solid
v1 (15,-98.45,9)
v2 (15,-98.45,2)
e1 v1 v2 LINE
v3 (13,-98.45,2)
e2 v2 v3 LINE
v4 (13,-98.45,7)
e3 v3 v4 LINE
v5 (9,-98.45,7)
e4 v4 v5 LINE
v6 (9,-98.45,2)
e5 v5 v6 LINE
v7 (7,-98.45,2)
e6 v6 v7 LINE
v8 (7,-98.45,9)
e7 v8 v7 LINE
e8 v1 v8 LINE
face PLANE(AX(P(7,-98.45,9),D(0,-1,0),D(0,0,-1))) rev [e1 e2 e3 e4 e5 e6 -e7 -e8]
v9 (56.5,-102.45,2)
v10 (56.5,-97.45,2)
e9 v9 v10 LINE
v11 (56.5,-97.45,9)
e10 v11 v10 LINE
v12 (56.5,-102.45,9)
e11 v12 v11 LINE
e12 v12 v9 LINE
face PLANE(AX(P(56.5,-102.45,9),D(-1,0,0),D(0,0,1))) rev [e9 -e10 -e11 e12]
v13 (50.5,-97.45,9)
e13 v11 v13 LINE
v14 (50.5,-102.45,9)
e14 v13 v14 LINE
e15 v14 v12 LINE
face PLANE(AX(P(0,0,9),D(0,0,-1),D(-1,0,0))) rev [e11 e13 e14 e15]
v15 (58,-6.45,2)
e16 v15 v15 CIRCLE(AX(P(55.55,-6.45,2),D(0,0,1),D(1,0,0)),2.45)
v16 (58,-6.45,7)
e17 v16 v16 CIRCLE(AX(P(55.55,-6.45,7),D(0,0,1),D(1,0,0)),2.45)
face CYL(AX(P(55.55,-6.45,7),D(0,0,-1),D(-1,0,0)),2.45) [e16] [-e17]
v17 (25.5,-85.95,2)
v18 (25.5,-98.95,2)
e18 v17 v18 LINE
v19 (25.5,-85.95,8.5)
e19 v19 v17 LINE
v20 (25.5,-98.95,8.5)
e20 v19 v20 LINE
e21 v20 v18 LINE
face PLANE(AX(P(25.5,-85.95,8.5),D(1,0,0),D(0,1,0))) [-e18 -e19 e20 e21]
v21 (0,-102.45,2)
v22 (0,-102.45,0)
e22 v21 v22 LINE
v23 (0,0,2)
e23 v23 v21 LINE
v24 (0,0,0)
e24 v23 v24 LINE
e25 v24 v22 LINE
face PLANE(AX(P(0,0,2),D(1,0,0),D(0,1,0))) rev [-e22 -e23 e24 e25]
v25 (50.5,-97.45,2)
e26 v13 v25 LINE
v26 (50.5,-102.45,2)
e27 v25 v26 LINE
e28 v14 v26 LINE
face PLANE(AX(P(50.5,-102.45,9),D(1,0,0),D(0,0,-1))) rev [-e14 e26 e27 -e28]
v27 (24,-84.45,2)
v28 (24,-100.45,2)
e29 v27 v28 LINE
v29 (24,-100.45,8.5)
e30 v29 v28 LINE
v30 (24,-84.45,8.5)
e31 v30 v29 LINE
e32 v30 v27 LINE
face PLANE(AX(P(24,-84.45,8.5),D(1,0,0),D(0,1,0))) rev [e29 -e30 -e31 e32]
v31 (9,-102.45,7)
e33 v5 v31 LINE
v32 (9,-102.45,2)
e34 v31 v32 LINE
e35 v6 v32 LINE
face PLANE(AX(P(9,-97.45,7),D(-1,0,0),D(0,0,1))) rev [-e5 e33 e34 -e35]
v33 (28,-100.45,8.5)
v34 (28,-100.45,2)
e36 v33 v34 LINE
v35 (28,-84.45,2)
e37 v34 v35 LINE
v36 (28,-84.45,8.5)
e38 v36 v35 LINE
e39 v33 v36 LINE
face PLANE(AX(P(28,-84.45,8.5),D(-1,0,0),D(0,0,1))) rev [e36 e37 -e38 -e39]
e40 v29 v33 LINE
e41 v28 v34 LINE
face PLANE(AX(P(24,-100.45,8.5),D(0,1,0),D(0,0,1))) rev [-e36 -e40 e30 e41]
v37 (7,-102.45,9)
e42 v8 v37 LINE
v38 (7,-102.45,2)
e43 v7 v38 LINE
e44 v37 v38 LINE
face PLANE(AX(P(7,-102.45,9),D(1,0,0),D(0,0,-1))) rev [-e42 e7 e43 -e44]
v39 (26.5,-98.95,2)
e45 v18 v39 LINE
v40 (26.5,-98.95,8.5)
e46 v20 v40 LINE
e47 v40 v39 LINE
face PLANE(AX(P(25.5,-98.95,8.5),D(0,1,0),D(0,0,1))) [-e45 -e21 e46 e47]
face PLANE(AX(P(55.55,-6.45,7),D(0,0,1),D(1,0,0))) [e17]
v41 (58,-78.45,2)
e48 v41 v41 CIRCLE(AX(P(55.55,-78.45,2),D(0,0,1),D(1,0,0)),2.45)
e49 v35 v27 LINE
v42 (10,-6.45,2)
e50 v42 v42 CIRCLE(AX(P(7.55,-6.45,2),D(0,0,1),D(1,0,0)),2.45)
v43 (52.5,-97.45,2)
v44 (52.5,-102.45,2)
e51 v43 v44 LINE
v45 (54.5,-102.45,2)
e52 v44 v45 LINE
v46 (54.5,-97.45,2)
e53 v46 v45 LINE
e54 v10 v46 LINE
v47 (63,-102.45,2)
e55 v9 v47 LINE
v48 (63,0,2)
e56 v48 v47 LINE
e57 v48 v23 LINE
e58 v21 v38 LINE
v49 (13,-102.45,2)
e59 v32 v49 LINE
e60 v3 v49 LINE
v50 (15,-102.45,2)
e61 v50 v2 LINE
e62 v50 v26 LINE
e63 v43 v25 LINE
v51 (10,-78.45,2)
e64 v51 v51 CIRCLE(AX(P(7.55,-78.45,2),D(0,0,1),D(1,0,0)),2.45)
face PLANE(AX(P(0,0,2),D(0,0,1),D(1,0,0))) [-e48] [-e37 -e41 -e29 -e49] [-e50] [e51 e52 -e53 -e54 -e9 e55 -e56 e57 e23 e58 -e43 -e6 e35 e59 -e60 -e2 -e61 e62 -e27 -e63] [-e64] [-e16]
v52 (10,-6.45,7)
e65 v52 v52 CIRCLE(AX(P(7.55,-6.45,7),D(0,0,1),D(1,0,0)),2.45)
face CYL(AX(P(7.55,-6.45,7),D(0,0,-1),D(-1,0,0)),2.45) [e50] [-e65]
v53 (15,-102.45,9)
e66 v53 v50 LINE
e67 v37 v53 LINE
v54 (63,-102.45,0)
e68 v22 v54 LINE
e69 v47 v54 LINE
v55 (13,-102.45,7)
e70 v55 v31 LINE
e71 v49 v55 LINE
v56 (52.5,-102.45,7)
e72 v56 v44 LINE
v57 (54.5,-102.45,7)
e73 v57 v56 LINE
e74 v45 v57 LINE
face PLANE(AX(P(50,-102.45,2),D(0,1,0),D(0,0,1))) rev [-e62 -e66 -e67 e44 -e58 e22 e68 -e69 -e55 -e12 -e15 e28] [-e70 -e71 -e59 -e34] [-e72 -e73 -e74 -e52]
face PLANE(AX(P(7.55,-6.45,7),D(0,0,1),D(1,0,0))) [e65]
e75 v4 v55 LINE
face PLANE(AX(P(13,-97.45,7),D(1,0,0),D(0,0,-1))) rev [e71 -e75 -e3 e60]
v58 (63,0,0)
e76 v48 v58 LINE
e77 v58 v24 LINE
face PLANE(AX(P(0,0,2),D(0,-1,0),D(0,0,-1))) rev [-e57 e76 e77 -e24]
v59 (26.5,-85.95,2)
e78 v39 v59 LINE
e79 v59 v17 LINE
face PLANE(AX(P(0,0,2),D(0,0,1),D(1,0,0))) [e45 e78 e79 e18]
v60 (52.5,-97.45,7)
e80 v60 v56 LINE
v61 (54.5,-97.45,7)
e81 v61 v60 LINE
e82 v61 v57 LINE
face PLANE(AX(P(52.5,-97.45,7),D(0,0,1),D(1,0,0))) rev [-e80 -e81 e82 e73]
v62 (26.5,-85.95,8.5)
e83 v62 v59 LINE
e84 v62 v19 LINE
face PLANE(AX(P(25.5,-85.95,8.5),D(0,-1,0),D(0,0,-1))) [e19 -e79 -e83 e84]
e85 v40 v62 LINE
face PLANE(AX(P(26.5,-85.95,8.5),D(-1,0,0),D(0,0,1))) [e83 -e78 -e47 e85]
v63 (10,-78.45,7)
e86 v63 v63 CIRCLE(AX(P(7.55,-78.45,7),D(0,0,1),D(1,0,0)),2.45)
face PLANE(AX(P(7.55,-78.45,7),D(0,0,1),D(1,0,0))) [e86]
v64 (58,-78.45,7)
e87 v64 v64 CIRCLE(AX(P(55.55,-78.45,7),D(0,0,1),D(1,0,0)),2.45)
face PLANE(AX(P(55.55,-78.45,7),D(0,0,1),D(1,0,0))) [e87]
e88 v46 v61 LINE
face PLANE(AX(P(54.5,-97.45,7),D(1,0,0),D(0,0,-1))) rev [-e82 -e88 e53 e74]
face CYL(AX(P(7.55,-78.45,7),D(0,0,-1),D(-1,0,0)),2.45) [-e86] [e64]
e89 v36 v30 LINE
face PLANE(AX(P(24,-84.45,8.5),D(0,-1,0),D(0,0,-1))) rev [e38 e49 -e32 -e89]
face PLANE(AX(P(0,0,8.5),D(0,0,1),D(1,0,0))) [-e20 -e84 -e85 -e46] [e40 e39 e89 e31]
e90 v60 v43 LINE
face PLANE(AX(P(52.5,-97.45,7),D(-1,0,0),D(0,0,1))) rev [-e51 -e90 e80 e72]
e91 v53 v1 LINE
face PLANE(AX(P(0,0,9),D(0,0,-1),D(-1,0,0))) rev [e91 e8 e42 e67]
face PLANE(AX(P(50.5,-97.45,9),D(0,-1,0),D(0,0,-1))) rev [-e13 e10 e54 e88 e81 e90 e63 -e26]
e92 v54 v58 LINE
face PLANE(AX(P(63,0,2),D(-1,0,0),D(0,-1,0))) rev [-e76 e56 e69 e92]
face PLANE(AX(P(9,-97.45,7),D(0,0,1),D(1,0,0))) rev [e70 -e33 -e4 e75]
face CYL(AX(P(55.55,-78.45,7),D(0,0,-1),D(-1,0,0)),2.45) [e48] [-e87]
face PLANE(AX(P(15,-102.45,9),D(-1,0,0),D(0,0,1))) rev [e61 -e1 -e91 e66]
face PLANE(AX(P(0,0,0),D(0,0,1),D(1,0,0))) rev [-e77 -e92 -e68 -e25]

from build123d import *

# Parameters (mm, degrees)
P_IDAT_VYSUNUT_M1_DEPTH   = 2
SKICA3_R                  = 2.45
P_IDAT_VYSUNUT_M3_DEPTH   = 5
P_IDAT_VYSUNUT_M4_DEPTH   = 37.5
SKICA8_W                  = 10
SKICA8_H                  = 10
ODEBRAT_VYSUNUT_M2_DEPTH  = 136.974087605
SKICA10_W                 = 27.5
SKICA10_H                 = 79
ODEBRAT_VYSUNUT_M3_DEPTH  = 3
P_IDAT_VYSUNUT_M5_DEPTH   = 1
SKICA13_W                 = 3
SKICA13_H                 = 36.5
ODEBRAT_VYSUNUT_M6_DEPTH  = 127.590886323
SKICA14_W                 = 3
SKICA14_H                 = 36.5
ODEBRAT_VYSUNUT_M7_DEPTH  = 127.590886323
SKICA15_W                 = 36.5
SKICA15_H                 = 3
ODEBRAT_VYSUNUT_M8_DEPTH  = 136.974087605
SKICA19_W                 = 37
SKICA19_H                 = 13
ODEBRAT_VYSUNUT_M9_DEPTH  = 132.581543159
SKICA20_W                 = 63
SKICA20_H                 = 102.45
SKICA20_W_2               = 57
SKICA20_H_2               = 79
ODEBRAT_VYSUNUT_M10_DEPTH = 1
SKICA22_W                 = 8
SKICA22_H                 = 4
SKICA22_W_2               = 6
SKICA22_H_2               = 5
P_IDAT_VYSUNUT_M6_DEPTH   = 7
SKICA23_W                 = 4
SKICA23_H                 = 5
SKICA23_W_2               = 2
ODEBRAT_VYSUNUT_M12_DEPTH = 5
SKICA25_W                 = 4
SKICA25_H                 = 16
SKICA25_W_2               = 1
SKICA25_H_2               = 13
P_IDAT_VYSUNUT_M8_DEPTH   = 6.5


with BuildPart() as part:
    # Skica1 → Přidat vysunutím1 (new body)
    with BuildSketch(Plane.XY):
        Polygon((13, -102.45), (13, -115.45), (50, -115.45), (50, -102.45), (63, -102.45), (63, 0), (0, 0), (0, -102.45), align=None)
    extrude(amount=P_IDAT_VYSUNUT_M1_DEPTH)

    # Skica3 → Přidat vysunutím3 (add)
    with BuildSketch(Plane.XY.offset(2)):
        with Locations((7.55, -6.45)):
            Circle(SKICA3_R)
        with Locations((7.55, -78.45)):
            Circle(SKICA3_R)
        with Locations((55.55, -78.45)):
            Circle(SKICA3_R)
        with Locations((55.55, -6.45)):
            Circle(SKICA3_R)
    extrude(amount=P_IDAT_VYSUNUT_M3_DEPTH)

    # Skica4 → Přidat vysunutím4 (add)
    with BuildSketch(Plane.XY.offset(2)):
        Polygon((63, 0), (63, -102.45), (60, -102.45), (60, -3), (3, -3), (3, -102.45), (0, -102.45), (0, 0), align=None)
    extrude(amount=P_IDAT_VYSUNUT_M4_DEPTH)

    # Skica8 → Odebrat vysunutím2 (cut, through all)
    with BuildSketch(Plane.ZY.offset(-60)):
        with Locations((7, -49)):
            Rectangle(SKICA8_W, SKICA8_H)
    extrude(amount=-ODEBRAT_VYSUNUT_M2_DEPTH, mode=Mode.SUBTRACT)

    # Skica10 → Odebrat vysunutím3 (cut)
    with BuildSketch(Plane.ZY):
        with Locations((25.75, -42.5)):
            Rectangle(SKICA10_W, SKICA10_H)
    extrude(amount=-ODEBRAT_VYSUNUT_M3_DEPTH, mode=Mode.SUBTRACT)

    # Skica11 → Přidat vysunutím5 (add)
    with BuildSketch(Plane.XY.offset(2)):
        Polygon((3, -82), (60, -82), (60, -102.45), (50, -102.45), (50, -115.45), (13, -115.45), (13, -102.45), (3, -102.45), align=None)
    extrude(amount=P_IDAT_VYSUNUT_M5_DEPTH)

    # Skica13 → Odebrat vysunutím6 (cut, through all)
    with BuildSketch(Plane.XZ.offset(102.45)):
        with Locations((1.5, 21.25)):
            Rectangle(SKICA13_W, SKICA13_H)
    extrude(amount=-ODEBRAT_VYSUNUT_M6_DEPTH, mode=Mode.SUBTRACT)

    # Skica14 → Odebrat vysunutím7 (cut, through all)
    with BuildSketch(Plane.XZ.offset(102.45)):
        with Locations((61.5, 21.25)):
            Rectangle(SKICA14_W, SKICA14_H)
    extrude(amount=-ODEBRAT_VYSUNUT_M7_DEPTH, mode=Mode.SUBTRACT)

    # Skica15 → Odebrat vysunutím8 (cut, through all)
    with BuildSketch(Plane.ZY.offset(-3)):
        with Locations((21.25, -1.5)):
            Rectangle(SKICA15_W, SKICA15_H)
    extrude(amount=-ODEBRAT_VYSUNUT_M8_DEPTH, mode=Mode.SUBTRACT)

    # Skica19 → Odebrat vysunutím9 (cut, through all)
    with BuildSketch(Plane.XY.offset(3)):
        with Locations((31.5, -108.95)):
            Rectangle(SKICA19_W, SKICA19_H)
    extrude(amount=-ODEBRAT_VYSUNUT_M9_DEPTH, mode=Mode.SUBTRACT)

    # Skica20 → Odebrat vysunutím10 (cut)
    with BuildSketch(Plane.XY.offset(3)):
        with Locations((31.5, -51.225)):
            Rectangle(SKICA20_W, SKICA20_H)
        with Locations((31.5, -42.5)):
            Rectangle(SKICA20_W_2, SKICA20_H_2, mode=Mode.SUBTRACT)
    extrude(amount=-ODEBRAT_VYSUNUT_M10_DEPTH, mode=Mode.SUBTRACT)

    # Skica22 → Přidat vysunutím6 (add)
    with BuildSketch(Plane.XY.offset(2)):
        with Locations((11, -100.45)):
            Rectangle(SKICA22_W, SKICA22_H)
        with Locations((53.5, -99.95)):
            Rectangle(SKICA22_W_2, SKICA22_H_2)
    extrude(amount=P_IDAT_VYSUNUT_M6_DEPTH)

    # Skica23 → Odebrat vysunutím12 (cut)
    with BuildSketch(Plane.XZ.offset(102.45)):
        with Locations((11, 4.5)):
            Rectangle(SKICA23_W, SKICA23_H)
        with Locations((53.5, 4.5)):
            Rectangle(SKICA23_W_2, SKICA23_H)
    extrude(amount=-ODEBRAT_VYSUNUT_M12_DEPTH, mode=Mode.SUBTRACT)

    # Skica25 → Přidat vysunutím8 (add)
    with BuildSketch(Plane.XY.offset(2)):
        with Locations((26, -92.45)):
            Rectangle(SKICA25_W, SKICA25_H)
        with Locations((26, -92.45)):
            Rectangle(SKICA25_W_2, SKICA25_H_2, mode=Mode.SUBTRACT)
    extrude(amount=P_IDAT_VYSUNUT_M8_DEPTH)


solid = part.part
